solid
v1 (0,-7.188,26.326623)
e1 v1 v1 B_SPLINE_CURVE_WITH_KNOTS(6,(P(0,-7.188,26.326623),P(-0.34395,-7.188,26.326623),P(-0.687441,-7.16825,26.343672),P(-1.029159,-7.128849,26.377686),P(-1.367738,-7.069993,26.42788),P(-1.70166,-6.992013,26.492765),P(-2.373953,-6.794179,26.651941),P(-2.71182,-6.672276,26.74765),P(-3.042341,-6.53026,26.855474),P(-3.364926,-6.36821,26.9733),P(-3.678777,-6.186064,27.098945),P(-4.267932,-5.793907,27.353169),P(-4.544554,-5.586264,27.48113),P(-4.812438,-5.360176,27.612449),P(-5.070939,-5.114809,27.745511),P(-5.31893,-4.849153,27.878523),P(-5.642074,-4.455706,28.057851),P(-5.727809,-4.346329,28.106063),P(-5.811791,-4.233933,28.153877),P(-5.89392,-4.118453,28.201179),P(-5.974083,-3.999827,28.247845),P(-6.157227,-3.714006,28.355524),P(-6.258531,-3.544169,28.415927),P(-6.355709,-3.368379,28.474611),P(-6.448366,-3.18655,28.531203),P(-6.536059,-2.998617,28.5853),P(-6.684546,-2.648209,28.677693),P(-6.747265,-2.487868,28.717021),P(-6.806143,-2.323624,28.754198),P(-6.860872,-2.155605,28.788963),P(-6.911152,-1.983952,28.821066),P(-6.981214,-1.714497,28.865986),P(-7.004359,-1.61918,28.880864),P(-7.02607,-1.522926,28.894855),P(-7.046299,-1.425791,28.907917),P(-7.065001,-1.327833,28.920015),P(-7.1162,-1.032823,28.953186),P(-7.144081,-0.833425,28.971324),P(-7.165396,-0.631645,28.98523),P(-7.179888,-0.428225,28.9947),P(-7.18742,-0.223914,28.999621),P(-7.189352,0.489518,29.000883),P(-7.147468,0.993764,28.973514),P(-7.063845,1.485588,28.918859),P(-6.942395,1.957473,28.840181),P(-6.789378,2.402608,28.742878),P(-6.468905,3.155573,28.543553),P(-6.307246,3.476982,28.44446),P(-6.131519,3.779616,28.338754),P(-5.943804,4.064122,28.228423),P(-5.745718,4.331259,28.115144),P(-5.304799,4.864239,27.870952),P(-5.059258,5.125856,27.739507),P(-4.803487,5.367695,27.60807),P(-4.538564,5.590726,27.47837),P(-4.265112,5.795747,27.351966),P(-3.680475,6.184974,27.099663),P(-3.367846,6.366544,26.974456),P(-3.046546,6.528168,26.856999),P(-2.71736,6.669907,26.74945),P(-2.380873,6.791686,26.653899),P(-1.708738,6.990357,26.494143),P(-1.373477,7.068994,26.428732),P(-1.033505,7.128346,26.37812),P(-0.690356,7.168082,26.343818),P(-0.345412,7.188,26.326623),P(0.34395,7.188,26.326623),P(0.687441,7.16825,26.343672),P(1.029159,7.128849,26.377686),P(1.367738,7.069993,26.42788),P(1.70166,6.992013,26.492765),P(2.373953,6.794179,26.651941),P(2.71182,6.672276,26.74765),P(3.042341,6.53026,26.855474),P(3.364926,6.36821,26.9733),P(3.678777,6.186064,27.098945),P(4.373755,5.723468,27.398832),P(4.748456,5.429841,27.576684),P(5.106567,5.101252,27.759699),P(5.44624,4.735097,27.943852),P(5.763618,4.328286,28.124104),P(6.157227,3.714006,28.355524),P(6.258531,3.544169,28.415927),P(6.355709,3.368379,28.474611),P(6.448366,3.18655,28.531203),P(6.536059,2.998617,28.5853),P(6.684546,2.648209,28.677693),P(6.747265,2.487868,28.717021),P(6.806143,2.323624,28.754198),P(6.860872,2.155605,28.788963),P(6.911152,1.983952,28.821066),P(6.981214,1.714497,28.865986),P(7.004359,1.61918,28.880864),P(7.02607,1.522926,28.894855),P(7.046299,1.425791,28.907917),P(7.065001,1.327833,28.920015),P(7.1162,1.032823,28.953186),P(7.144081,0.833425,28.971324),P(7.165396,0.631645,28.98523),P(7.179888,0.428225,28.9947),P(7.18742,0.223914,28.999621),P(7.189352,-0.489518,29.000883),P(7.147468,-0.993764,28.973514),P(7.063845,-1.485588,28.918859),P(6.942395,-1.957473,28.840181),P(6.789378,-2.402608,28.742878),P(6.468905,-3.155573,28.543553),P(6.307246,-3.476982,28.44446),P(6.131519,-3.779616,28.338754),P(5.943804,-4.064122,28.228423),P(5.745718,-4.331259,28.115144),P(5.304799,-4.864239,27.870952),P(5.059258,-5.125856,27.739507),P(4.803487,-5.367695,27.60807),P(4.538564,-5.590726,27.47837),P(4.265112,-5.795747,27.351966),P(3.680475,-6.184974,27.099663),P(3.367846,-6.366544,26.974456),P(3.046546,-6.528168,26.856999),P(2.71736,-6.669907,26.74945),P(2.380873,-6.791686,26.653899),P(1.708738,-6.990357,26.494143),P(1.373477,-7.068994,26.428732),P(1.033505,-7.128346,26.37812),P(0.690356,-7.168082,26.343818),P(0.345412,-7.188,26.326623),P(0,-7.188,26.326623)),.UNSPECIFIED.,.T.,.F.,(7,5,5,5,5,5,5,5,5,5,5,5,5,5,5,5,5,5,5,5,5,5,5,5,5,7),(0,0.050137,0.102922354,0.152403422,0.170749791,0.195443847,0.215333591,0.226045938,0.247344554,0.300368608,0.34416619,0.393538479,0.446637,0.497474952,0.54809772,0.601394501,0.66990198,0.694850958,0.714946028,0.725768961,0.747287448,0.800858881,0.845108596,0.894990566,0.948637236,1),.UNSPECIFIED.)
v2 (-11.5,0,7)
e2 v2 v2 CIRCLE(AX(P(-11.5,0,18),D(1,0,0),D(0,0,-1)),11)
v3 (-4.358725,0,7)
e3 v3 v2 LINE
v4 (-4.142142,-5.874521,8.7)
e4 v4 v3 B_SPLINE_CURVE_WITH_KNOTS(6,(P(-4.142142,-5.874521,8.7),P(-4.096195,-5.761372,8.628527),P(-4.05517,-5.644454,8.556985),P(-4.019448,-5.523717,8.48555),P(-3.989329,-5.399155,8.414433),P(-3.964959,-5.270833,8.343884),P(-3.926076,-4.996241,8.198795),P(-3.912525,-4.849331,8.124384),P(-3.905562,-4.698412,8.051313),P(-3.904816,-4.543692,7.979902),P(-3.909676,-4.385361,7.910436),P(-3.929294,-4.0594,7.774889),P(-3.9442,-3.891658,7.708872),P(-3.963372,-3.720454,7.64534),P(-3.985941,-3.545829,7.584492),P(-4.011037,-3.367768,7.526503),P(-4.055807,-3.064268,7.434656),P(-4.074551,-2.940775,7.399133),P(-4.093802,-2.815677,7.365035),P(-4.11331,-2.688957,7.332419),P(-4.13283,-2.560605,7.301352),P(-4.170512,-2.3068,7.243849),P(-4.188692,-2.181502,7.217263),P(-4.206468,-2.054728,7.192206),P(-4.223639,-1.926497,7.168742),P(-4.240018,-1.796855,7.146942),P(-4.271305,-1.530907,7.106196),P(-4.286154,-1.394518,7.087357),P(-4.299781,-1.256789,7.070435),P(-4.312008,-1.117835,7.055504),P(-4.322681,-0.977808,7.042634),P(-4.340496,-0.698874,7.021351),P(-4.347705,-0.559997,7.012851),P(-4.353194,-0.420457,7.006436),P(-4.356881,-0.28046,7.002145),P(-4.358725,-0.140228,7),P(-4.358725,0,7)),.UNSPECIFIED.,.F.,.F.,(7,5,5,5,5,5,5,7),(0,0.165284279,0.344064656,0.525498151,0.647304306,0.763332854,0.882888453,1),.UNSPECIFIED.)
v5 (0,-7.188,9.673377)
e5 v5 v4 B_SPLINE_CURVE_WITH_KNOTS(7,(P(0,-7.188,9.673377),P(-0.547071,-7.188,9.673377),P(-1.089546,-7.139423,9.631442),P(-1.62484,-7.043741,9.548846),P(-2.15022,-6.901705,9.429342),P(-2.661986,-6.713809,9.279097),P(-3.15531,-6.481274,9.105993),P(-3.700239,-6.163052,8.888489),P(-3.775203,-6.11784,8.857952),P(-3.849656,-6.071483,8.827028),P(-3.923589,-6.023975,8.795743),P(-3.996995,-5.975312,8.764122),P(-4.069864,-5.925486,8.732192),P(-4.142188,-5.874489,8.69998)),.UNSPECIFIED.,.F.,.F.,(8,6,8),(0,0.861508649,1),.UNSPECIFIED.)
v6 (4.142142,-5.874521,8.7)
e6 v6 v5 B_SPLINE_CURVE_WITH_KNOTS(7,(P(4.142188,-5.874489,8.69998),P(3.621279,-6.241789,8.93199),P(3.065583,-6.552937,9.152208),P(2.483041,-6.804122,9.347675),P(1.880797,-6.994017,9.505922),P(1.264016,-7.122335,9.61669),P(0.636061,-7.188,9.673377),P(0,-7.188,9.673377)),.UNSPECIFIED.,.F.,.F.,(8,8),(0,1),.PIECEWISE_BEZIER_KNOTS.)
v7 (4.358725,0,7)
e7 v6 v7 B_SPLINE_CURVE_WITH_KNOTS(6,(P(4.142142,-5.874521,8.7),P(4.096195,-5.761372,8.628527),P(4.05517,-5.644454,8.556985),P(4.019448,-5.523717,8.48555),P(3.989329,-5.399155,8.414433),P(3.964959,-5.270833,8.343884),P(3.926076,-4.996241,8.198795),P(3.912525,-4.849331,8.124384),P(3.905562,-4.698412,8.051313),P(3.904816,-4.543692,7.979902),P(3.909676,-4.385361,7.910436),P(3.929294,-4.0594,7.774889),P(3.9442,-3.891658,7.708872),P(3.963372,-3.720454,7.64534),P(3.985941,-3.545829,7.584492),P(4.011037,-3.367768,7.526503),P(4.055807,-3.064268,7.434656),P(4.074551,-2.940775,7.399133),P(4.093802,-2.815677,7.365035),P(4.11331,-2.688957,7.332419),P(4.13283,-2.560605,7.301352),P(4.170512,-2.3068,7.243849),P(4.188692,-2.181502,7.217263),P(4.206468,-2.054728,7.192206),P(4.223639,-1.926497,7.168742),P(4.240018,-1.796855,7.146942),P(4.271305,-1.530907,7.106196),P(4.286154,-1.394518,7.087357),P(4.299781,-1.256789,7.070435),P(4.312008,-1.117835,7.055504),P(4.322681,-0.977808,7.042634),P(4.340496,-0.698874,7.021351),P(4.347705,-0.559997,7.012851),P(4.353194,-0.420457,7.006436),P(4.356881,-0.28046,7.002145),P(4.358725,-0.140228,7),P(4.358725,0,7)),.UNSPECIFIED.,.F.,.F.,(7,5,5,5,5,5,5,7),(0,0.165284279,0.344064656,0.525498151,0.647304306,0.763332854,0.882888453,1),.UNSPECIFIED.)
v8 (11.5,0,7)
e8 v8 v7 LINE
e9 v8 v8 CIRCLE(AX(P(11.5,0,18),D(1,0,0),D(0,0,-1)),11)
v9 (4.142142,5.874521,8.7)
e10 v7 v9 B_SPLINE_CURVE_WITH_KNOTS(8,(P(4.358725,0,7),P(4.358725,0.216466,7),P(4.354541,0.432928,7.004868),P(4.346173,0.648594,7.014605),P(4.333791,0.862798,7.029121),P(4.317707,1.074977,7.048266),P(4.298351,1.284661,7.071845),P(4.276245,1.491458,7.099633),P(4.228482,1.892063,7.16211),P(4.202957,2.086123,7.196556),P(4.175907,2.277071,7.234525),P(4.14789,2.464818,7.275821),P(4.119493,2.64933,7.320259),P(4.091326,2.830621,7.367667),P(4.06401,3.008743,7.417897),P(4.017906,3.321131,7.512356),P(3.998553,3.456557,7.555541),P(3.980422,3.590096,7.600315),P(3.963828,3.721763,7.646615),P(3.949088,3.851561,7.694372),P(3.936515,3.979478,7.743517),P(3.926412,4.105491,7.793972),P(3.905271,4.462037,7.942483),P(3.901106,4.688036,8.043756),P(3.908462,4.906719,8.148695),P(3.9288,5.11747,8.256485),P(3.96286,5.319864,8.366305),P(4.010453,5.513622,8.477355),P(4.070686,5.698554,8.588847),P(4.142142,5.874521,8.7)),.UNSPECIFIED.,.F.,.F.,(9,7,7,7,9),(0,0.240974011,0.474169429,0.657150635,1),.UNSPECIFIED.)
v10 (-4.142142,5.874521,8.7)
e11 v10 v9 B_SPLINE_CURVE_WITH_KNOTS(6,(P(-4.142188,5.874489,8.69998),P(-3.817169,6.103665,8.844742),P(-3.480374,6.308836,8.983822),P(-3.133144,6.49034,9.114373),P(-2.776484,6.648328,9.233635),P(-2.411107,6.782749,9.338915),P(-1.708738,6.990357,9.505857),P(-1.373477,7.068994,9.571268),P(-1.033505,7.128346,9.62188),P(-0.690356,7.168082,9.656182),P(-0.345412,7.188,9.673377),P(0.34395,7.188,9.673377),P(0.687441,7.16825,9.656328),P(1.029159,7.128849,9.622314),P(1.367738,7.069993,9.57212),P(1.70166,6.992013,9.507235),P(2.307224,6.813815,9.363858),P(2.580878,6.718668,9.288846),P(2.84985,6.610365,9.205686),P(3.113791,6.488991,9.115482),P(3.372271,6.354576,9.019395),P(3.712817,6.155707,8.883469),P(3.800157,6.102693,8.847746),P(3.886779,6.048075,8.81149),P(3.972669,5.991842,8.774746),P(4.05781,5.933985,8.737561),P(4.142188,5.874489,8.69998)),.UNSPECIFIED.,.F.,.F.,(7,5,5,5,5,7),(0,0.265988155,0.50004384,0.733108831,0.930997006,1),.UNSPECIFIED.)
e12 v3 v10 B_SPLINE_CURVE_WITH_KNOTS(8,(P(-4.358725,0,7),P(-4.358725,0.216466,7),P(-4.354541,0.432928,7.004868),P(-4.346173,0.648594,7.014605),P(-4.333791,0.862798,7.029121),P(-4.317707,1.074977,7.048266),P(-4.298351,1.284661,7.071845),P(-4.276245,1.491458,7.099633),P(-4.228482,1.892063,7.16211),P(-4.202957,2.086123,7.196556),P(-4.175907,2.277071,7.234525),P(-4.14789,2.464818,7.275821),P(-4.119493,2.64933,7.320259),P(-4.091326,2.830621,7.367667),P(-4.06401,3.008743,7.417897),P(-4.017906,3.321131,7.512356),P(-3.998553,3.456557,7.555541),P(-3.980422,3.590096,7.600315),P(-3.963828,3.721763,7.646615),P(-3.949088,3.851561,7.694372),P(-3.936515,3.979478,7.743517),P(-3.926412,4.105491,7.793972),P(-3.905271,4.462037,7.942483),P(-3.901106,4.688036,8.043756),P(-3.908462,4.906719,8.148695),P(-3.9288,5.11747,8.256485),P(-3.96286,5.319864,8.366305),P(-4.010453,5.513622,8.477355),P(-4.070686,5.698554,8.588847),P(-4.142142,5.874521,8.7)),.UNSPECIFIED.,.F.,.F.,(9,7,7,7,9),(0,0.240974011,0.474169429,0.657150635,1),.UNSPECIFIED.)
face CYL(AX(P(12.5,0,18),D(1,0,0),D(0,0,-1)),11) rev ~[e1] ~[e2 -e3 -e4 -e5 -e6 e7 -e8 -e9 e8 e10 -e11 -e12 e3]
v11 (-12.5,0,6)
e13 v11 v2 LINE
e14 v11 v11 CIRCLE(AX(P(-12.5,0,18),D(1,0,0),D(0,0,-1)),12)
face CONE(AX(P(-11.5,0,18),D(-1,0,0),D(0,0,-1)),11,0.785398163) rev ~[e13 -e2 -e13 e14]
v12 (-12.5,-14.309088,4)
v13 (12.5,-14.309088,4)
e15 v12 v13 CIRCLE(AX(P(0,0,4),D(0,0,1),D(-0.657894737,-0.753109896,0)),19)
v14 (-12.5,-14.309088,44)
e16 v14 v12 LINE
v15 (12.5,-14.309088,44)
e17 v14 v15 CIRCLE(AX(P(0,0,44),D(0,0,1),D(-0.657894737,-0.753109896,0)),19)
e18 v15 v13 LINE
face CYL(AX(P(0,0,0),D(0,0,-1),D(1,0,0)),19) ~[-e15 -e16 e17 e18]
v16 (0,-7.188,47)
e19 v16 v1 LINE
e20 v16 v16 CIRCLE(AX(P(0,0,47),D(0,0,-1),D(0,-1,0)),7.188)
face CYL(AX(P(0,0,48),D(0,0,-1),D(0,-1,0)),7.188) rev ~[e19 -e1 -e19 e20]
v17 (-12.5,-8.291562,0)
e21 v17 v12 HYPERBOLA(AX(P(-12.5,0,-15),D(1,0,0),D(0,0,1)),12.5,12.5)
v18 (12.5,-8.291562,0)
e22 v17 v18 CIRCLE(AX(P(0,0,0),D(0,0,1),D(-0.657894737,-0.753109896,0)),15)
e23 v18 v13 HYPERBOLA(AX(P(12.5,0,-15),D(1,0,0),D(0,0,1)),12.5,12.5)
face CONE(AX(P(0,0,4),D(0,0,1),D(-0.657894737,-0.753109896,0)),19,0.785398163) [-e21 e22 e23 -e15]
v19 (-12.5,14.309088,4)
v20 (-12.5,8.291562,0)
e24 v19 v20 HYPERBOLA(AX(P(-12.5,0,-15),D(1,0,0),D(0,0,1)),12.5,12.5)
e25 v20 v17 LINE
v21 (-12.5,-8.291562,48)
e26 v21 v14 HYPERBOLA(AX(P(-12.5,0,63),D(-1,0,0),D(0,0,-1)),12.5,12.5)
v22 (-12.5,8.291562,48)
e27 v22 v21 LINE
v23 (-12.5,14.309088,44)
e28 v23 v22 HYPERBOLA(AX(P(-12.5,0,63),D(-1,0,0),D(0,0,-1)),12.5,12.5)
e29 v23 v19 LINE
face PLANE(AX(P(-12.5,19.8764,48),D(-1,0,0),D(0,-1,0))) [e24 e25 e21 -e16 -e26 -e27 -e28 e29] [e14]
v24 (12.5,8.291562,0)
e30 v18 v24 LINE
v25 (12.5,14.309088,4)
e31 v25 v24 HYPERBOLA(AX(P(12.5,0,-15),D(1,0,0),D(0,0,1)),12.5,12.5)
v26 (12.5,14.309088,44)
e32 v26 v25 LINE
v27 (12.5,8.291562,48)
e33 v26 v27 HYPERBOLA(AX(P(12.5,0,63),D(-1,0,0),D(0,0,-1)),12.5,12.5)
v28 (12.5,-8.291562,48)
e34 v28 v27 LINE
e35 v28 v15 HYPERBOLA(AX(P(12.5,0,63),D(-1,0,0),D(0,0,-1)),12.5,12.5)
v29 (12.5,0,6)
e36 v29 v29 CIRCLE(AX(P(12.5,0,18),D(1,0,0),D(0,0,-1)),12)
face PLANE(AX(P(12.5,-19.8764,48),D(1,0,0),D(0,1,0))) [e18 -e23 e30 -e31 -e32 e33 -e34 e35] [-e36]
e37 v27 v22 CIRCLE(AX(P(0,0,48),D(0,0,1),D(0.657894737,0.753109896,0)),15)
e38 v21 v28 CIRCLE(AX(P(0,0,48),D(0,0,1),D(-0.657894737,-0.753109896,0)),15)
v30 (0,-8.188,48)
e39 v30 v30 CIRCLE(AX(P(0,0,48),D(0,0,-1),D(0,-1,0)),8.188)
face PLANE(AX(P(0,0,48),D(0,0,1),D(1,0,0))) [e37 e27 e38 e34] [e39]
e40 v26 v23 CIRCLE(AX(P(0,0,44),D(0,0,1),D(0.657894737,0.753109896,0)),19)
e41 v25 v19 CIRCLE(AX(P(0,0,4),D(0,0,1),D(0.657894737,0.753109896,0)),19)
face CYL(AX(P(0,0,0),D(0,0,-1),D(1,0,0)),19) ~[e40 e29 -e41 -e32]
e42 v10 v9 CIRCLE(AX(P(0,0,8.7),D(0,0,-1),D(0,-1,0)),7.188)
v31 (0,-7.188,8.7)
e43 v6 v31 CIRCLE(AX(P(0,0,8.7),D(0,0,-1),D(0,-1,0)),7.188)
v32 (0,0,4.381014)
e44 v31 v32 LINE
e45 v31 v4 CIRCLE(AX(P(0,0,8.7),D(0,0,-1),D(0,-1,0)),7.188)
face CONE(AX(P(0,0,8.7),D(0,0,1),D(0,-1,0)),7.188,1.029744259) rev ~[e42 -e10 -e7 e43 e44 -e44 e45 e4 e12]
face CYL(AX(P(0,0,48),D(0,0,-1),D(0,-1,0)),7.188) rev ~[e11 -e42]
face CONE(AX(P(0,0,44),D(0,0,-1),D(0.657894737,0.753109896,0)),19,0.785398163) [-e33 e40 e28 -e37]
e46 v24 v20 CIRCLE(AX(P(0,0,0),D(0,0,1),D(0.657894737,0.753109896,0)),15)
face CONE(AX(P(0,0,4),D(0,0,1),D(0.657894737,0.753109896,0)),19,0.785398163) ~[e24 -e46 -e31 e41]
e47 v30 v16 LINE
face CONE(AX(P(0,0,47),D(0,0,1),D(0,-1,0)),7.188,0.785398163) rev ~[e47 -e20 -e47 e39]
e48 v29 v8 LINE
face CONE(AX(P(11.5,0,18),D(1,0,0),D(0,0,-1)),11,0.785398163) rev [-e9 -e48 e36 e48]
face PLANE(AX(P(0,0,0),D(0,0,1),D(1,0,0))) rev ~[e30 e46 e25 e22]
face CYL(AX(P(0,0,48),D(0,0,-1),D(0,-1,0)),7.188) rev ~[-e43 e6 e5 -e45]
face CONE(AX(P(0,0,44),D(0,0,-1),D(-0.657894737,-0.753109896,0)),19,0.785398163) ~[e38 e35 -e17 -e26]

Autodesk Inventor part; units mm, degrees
ref_plane "YZ Plane" through (0, 0, 0) normal (1, 0, 0) x (0, 1, 0)
ref_plane "XZ Plane" through (0, 0, 0) normal (0, 1, 0) x (-1, 0, 0)
ref_plane "XY Plane" through (0, 0, 0) normal (0, 0, 1) x (1, 0, 0)
sketch "Sketch1" plane through (0, 0, 0) normal (0, 0, 1) x (1, 0, 0)
  circle A0 centre (0, 0) radius 19
  dimension "d0" = 38
extrude "Extrusion1" add sketch "Sketch1" along normal blind 48
sketch "Sketch2" plane through (0, 0, 48) normal (0, 0, 1) x (1, 0, 0)
  line L0 (12.5, 21.9531) -> (30.6636, 21.9531)
  line L1 (30.6636, 21.9531) -> (30.6636, -19.8764)
  line L2 (30.6636, -19.8764) -> (12.5, -19.8764)
  line L3 (12.5, -19.8764) -> (12.5, 21.9531)
  point P0 (0, 0)
  dimension "d3" = 12.5
extrude "Extrusion2" cut sketch "Sketch2" against normal through all
pattern_circular "Circular Pattern1" count 2 over 360 about axis through (0, 0, 0) along (0, 0, 1) of "Extrusion2"
sketch "Sketch3" plane through (12.5, -14.3091, 48) normal (1, 0, 0) x (0, 0, -1)
  circle A0 centre (30, 14.3091) radius 11
  line L0 (48, 28.6182) -> (48, 0) projected
  point P0 (48, 14.3091)
  point P1 (48, 14.3091)
  dimension "d9" = 22
  dimension "d10" = 18
extrude "Extrusion3" cut sketch "Sketch3" against normal through all
sketch "Sketch4" plane through (0, 0, 48) normal (0, 0, 1) x (1, 0, 0)
  arc A0 (12.5, 14.3091) -> (-12.5, 14.3091) centre (0, 0) ccw projected
hole "Hole1" at (0, 0, 48) direction (0, 0, -1) diameter 14.376 depth 39.3 tip angle 118 thread size "M16x1.5" class "6H" standard "ISO Metric profile"
chamfer "Chamfer1" distance 4 angle 45 4 edges at (0, 19, 0) (0, -19, 0) (0, 19, 48) (0, -19, 48)
chamfer "Chamfer2" distance 1 angle 45 1 edges at (0, 7.188, 48)
chamfer "Chamfer3" distance 1 angle 45 2 edges at (12.5, 0, 29) (-12.5, 0, 29)
properties part number "IMS-01-002" material "Steel, Carbon"
